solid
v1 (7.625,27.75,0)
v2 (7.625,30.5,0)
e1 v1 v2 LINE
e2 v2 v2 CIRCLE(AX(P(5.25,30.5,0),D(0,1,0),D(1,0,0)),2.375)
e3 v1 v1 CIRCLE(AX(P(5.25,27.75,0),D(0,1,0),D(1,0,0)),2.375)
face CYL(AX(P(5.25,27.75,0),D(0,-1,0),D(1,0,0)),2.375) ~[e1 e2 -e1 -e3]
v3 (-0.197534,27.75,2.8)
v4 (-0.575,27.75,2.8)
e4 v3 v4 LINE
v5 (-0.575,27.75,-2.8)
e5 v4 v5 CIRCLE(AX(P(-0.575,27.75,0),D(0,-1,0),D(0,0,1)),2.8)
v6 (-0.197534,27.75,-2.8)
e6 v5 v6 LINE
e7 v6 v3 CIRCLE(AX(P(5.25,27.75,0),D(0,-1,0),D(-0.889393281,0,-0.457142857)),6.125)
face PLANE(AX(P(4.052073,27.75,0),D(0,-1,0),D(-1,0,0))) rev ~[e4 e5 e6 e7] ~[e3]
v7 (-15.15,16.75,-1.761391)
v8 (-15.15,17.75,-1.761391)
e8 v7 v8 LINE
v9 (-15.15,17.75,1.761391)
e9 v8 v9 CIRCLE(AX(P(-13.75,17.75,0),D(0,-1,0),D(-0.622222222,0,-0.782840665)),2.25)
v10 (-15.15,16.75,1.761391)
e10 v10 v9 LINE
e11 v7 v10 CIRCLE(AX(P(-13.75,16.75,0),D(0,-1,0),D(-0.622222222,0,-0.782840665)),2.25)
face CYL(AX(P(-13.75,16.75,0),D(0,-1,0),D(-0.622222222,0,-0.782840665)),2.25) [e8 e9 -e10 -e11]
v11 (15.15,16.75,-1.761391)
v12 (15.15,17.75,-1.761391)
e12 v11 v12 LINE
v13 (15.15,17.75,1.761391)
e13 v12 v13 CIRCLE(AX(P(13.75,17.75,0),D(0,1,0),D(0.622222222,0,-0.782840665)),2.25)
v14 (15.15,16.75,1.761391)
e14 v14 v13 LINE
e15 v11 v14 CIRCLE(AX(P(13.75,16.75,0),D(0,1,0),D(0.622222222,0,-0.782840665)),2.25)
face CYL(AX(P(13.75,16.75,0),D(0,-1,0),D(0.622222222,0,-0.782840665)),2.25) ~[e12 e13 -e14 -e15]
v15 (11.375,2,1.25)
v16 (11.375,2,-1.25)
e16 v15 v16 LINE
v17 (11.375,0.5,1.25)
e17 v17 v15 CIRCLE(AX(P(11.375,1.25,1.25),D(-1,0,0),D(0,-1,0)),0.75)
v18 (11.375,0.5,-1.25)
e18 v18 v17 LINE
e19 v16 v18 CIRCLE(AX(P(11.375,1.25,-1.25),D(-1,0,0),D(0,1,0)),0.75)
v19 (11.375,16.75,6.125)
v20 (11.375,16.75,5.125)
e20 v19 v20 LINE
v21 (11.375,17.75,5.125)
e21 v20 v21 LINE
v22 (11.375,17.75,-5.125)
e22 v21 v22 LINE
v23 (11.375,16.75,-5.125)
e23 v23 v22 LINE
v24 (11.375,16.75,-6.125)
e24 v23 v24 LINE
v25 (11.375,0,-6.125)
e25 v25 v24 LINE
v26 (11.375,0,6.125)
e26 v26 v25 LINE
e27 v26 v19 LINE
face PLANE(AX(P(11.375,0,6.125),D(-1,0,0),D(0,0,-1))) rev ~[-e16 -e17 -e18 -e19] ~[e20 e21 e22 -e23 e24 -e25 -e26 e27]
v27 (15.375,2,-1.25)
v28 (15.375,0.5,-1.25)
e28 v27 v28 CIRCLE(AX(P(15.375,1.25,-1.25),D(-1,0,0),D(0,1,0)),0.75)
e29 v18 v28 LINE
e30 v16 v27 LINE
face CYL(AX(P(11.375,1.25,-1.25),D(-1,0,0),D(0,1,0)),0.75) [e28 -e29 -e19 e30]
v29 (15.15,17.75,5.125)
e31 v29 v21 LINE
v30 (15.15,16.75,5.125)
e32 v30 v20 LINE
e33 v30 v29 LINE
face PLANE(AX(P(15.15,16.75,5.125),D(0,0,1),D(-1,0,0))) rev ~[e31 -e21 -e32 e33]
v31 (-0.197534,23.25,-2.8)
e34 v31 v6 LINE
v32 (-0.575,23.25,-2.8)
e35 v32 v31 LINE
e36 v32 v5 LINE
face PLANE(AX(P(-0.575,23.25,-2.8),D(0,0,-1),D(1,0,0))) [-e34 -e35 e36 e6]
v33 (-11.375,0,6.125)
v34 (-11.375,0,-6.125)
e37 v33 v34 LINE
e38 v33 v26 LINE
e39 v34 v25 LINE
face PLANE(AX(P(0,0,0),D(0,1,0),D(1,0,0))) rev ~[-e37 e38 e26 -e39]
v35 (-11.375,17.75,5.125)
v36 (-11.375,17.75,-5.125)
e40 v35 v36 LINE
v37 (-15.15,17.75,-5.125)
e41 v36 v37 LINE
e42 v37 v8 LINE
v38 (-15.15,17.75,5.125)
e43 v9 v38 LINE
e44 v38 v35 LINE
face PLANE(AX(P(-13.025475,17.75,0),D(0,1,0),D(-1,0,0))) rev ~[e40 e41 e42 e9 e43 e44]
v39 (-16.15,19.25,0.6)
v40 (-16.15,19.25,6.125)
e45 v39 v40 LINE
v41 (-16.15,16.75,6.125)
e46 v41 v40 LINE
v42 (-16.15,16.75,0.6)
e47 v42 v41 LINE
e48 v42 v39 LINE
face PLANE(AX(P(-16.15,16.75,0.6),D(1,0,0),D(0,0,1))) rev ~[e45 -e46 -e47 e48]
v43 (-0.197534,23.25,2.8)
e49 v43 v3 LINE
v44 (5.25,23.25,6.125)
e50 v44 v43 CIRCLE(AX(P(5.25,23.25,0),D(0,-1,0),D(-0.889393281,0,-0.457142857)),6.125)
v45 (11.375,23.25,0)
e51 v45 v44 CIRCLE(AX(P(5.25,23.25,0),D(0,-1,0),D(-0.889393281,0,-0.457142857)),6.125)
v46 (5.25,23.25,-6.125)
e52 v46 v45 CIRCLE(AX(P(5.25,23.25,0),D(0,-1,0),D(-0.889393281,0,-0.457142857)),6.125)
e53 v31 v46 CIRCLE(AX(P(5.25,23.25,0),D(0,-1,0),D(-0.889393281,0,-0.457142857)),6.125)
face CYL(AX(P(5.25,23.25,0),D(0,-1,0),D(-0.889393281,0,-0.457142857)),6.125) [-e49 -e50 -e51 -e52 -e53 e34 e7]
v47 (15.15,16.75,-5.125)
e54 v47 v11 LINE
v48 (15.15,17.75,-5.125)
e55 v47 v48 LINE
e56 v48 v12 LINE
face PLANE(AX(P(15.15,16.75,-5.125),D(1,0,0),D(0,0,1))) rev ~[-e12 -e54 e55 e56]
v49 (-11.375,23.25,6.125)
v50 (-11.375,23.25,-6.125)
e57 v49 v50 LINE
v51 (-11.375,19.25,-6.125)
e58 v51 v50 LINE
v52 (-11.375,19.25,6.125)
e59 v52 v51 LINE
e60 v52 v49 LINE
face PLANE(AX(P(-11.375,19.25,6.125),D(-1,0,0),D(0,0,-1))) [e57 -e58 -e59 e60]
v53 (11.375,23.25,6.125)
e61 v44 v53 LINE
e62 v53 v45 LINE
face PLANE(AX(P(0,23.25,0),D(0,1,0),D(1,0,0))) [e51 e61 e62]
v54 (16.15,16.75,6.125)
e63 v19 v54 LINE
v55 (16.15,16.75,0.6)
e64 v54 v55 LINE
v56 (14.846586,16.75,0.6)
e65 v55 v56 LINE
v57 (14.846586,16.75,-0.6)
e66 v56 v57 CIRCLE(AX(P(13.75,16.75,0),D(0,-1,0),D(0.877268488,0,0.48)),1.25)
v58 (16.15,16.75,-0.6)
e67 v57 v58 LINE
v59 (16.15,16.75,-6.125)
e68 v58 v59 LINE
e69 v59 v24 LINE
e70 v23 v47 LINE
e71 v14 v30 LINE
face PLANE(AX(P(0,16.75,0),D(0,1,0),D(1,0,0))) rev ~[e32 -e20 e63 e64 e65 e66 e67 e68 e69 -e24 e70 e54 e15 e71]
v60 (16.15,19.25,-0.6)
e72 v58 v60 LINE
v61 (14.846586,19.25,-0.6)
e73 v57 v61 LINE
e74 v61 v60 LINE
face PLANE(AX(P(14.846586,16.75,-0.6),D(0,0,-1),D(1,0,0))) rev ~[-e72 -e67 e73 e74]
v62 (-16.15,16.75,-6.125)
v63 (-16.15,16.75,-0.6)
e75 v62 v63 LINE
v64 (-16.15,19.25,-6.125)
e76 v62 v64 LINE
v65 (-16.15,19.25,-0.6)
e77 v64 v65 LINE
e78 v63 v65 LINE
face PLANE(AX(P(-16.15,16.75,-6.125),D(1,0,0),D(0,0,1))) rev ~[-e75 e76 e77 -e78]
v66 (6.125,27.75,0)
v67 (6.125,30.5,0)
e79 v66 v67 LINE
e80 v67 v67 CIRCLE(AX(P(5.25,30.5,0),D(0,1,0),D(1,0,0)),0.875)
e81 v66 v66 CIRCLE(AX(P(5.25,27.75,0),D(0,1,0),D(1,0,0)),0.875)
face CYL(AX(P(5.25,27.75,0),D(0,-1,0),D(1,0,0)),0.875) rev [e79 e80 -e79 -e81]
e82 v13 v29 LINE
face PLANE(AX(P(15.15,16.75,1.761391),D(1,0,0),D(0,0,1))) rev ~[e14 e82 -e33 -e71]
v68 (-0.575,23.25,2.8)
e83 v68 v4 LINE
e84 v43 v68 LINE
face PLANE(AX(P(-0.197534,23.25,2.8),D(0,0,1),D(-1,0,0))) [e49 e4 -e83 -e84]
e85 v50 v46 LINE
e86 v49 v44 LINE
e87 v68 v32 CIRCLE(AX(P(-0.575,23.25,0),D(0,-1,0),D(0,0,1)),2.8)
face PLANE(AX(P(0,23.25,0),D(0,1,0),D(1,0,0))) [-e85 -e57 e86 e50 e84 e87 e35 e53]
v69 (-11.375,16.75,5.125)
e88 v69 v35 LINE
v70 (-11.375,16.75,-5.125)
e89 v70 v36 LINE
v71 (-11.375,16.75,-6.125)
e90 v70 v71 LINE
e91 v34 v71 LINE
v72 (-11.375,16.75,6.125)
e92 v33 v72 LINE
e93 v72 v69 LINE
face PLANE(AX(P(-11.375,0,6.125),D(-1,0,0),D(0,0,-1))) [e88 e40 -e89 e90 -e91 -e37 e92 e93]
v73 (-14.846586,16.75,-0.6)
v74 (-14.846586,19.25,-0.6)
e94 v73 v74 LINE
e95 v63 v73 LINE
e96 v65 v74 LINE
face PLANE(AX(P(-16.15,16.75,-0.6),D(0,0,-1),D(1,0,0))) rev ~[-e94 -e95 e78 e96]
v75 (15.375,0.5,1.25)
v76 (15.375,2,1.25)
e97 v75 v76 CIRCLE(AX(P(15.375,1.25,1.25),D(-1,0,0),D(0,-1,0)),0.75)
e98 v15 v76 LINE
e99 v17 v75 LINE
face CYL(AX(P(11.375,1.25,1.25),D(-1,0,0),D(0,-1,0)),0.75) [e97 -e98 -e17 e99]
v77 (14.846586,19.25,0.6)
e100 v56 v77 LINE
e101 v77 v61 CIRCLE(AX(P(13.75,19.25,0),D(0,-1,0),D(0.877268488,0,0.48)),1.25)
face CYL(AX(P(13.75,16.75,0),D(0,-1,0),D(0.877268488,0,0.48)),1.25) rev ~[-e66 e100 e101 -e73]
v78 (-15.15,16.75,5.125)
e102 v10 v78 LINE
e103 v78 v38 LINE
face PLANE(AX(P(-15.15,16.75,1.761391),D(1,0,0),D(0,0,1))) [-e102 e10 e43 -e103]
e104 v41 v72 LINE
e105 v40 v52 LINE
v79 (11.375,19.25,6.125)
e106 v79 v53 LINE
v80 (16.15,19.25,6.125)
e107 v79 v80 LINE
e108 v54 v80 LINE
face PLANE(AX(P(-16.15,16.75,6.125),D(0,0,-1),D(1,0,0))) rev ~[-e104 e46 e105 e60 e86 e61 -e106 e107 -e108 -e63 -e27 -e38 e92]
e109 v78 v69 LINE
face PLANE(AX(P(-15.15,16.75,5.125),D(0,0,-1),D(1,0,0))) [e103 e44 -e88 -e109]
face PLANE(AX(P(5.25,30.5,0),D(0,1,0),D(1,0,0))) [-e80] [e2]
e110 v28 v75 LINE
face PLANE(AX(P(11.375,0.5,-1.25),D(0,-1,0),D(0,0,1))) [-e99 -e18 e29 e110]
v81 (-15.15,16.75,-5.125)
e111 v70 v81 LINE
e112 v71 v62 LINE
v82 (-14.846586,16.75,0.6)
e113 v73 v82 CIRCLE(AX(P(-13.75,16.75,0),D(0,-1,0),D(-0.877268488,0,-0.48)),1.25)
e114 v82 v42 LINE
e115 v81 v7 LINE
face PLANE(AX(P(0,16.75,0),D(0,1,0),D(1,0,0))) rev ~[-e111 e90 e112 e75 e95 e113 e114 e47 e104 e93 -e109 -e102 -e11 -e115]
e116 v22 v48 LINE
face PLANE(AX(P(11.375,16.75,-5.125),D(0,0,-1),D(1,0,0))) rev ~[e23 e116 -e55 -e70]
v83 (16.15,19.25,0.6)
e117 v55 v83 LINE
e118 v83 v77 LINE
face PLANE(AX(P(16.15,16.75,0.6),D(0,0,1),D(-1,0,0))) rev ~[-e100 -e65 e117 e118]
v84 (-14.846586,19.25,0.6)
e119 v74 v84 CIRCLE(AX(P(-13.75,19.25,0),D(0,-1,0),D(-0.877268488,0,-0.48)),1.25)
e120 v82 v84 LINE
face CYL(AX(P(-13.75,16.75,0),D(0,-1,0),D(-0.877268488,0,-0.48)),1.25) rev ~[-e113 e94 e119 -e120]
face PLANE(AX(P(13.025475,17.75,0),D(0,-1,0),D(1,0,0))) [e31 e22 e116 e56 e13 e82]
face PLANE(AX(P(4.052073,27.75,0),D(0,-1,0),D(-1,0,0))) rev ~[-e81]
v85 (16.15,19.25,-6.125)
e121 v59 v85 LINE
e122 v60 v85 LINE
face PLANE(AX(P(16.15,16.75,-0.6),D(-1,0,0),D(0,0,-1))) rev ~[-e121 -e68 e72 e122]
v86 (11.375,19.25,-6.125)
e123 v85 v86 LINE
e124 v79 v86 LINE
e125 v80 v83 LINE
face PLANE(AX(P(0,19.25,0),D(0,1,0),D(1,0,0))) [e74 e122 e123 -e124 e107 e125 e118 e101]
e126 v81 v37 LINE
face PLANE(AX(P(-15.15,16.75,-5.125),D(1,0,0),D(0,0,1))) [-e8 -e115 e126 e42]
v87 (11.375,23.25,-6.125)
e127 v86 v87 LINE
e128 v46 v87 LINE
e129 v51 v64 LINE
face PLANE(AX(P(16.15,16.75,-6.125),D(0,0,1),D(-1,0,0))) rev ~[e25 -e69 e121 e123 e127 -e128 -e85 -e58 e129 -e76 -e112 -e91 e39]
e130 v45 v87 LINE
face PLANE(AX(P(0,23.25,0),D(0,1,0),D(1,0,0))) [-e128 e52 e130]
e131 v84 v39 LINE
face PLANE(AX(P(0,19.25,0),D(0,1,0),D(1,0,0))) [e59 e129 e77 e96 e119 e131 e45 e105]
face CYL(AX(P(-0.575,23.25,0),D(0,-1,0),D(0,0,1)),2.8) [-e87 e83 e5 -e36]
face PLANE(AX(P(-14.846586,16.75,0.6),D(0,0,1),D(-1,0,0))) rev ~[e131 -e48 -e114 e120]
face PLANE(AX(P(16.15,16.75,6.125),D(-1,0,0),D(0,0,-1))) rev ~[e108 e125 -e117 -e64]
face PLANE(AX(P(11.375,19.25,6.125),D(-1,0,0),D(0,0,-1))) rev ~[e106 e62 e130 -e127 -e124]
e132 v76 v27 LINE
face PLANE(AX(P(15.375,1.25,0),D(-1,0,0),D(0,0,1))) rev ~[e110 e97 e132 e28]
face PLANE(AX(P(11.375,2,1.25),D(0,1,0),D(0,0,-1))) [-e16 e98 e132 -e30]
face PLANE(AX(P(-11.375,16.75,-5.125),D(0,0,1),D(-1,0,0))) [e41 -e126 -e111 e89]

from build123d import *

# Parameters (mm, degrees)
SKETCH1_W           = 22.75
SKETCH1_H           = 12.25
BOSS_EXTRUDE1_DEPTH = 16.75
BOSS_EXTRUDE2_DEPTH = 2.5
CUT_EXTRUDE1_DEPTH  = 1
SKETCH5_W           = 22.75
SKETCH5_H           = 12.25
BOSS_EXTRUDE3_DEPTH = 4
BOSS_EXTRUDE4_DEPTH = 4.5
SKETCH7_R           = 2.375
SKETCH7_R_2         = 0.875
BOSS_EXTRUDE5_DEPTH = 2.75
BOSS_EXTRUDE6_DEPTH = 4


with BuildPart() as part:
    # Sketch1 → Boss-Extrude1 (new body)
    with BuildSketch(Plane(origin=(0, 0, 0), x_dir=(1, 0, 0), z_dir=(0, 1, 0))):
        Rectangle(SKETCH1_W, SKETCH1_H)
    extrude(amount=BOSS_EXTRUDE1_DEPTH)

    # Sketch3 → Boss-Extrude2 (add)
    with BuildSketch(Plane(origin=(0, 16.75, 0), x_dir=(1, 0, 0), z_dir=(0, 1, 0))):
        with BuildLine():
            Line((-16.15, -6.125), (16.15, -6.125))
            Line((16.15, -6.125), (16.15, -0.6))
            Line((16.15, -0.6), (14.84658561, -0.6))
            ThreePointArc((14.84658561, -0.6), (12.5, 0), (14.84658561, 0.6))
            Line((14.84658561, 0.6), (16.15, 0.6))
            Line((16.15, 0.6), (16.15, 6.125))
            Line((16.15, 6.125), (-16.15, 6.125))
            Line((-16.15, 6.125), (-16.15, 0.6))
            Line((-16.15, 0.6), (-14.84658561, 0.6))
            ThreePointArc((-14.84658561, 0.6), (-12.5, 0), (-14.84658561, -0.6))
            Line((-14.84658561, -0.6), (-16.15, -0.6))
            Line((-16.15, -0.6), (-16.15, -6.125))
        make_face()
    extrude(amount=BOSS_EXTRUDE2_DEPTH)

    # Sketch4 → Cut-Extrude1 (cut)
    with BuildSketch(Plane.XZ.offset(-16.75)):
        with BuildLine():
            Line((-11.375, -5.125), (-15.15, -5.125))
            Line((-15.15, -5.125), (-15.15, -1.761391495))
            ThreePointArc((-15.15, -1.761391495), (-11.5, 0), (-15.15, 1.761391495))
            Line((-15.15, 1.761391495), (-15.15, 5.125))
            Line((-15.15, 5.125), (-11.375, 5.125))
            Line((-11.375, 5.125), (-11.375, -5.125))
        make_face()
        with BuildLine():
            Line((11.375, 5.125), (11.375, -5.125))
            Line((11.375, -5.125), (15.15, -5.125))
            Line((15.15, -5.125), (15.15, -1.761391495))
            ThreePointArc((15.15, -1.761391495), (11.5, 0), (15.15, 1.761391495))
            Line((15.15, 1.761391495), (15.15, 5.125))
            Line((15.15, 5.125), (11.375, 5.125))
        make_face()
    extrude(amount=-CUT_EXTRUDE1_DEPTH, mode=Mode.SUBTRACT)

    # Sketch5 → Boss-Extrude3 (add)
    with BuildSketch(Plane(origin=(0, 19.25, 0), x_dir=(1, 0, 0), z_dir=(0, 1, 0))):
        Rectangle(SKETCH5_W, SKETCH5_H)
    extrude(amount=BOSS_EXTRUDE3_DEPTH)

    # Sketch6 → Boss-Extrude4 (add)
    with BuildSketch(Plane(origin=(0, 23.25, 0), x_dir=(1, 0, 0), z_dir=(0, 1, 0))):
        with BuildLine():
            Line((-0.575, 2.8), (-0.197533846, 2.8))
            ThreePointArc((-0.197533846, 2.8), (11.375, 0), (-0.197533846, -2.8))
            Line((-0.197533846, -2.8), (-0.575, -2.8))
            ThreePointArc((-0.575, -2.8), (-3.375, 0), (-0.575, 2.8))
        make_face()
    extrude(amount=BOSS_EXTRUDE4_DEPTH)

    # Sketch7 → Boss-Extrude5 (add)
    with BuildSketch(Plane(origin=(0, 27.75, 0), x_dir=(1, 0, 0), z_dir=(0, 1, 0))):
        with Locations((5.25, 0)):
            Circle(SKETCH7_R)
        with Locations((5.25, 0)):
            Circle(SKETCH7_R_2, mode=Mode.SUBTRACT)
    extrude(amount=BOSS_EXTRUDE5_DEPTH)

    # Sketch8 → Boss-Extrude6 (add)
    with BuildSketch(Plane(origin=(11.375, 0, 0), x_dir=(0, 0, -1), z_dir=(1, 0, 0))):
        with BuildLine():
            Line((-1.25, 2), (1.25, 2))
            ThreePointArc((1.25, 2), (2, 1.25), (1.25, 0.5))
            Line((1.25, 0.5), (-1.25, 0.5))
            ThreePointArc((-1.25, 0.5), (-2, 1.25), (-1.25, 2))
        make_face()
    extrude(amount=BOSS_EXTRUDE6_DEPTH)


solid = part.part
